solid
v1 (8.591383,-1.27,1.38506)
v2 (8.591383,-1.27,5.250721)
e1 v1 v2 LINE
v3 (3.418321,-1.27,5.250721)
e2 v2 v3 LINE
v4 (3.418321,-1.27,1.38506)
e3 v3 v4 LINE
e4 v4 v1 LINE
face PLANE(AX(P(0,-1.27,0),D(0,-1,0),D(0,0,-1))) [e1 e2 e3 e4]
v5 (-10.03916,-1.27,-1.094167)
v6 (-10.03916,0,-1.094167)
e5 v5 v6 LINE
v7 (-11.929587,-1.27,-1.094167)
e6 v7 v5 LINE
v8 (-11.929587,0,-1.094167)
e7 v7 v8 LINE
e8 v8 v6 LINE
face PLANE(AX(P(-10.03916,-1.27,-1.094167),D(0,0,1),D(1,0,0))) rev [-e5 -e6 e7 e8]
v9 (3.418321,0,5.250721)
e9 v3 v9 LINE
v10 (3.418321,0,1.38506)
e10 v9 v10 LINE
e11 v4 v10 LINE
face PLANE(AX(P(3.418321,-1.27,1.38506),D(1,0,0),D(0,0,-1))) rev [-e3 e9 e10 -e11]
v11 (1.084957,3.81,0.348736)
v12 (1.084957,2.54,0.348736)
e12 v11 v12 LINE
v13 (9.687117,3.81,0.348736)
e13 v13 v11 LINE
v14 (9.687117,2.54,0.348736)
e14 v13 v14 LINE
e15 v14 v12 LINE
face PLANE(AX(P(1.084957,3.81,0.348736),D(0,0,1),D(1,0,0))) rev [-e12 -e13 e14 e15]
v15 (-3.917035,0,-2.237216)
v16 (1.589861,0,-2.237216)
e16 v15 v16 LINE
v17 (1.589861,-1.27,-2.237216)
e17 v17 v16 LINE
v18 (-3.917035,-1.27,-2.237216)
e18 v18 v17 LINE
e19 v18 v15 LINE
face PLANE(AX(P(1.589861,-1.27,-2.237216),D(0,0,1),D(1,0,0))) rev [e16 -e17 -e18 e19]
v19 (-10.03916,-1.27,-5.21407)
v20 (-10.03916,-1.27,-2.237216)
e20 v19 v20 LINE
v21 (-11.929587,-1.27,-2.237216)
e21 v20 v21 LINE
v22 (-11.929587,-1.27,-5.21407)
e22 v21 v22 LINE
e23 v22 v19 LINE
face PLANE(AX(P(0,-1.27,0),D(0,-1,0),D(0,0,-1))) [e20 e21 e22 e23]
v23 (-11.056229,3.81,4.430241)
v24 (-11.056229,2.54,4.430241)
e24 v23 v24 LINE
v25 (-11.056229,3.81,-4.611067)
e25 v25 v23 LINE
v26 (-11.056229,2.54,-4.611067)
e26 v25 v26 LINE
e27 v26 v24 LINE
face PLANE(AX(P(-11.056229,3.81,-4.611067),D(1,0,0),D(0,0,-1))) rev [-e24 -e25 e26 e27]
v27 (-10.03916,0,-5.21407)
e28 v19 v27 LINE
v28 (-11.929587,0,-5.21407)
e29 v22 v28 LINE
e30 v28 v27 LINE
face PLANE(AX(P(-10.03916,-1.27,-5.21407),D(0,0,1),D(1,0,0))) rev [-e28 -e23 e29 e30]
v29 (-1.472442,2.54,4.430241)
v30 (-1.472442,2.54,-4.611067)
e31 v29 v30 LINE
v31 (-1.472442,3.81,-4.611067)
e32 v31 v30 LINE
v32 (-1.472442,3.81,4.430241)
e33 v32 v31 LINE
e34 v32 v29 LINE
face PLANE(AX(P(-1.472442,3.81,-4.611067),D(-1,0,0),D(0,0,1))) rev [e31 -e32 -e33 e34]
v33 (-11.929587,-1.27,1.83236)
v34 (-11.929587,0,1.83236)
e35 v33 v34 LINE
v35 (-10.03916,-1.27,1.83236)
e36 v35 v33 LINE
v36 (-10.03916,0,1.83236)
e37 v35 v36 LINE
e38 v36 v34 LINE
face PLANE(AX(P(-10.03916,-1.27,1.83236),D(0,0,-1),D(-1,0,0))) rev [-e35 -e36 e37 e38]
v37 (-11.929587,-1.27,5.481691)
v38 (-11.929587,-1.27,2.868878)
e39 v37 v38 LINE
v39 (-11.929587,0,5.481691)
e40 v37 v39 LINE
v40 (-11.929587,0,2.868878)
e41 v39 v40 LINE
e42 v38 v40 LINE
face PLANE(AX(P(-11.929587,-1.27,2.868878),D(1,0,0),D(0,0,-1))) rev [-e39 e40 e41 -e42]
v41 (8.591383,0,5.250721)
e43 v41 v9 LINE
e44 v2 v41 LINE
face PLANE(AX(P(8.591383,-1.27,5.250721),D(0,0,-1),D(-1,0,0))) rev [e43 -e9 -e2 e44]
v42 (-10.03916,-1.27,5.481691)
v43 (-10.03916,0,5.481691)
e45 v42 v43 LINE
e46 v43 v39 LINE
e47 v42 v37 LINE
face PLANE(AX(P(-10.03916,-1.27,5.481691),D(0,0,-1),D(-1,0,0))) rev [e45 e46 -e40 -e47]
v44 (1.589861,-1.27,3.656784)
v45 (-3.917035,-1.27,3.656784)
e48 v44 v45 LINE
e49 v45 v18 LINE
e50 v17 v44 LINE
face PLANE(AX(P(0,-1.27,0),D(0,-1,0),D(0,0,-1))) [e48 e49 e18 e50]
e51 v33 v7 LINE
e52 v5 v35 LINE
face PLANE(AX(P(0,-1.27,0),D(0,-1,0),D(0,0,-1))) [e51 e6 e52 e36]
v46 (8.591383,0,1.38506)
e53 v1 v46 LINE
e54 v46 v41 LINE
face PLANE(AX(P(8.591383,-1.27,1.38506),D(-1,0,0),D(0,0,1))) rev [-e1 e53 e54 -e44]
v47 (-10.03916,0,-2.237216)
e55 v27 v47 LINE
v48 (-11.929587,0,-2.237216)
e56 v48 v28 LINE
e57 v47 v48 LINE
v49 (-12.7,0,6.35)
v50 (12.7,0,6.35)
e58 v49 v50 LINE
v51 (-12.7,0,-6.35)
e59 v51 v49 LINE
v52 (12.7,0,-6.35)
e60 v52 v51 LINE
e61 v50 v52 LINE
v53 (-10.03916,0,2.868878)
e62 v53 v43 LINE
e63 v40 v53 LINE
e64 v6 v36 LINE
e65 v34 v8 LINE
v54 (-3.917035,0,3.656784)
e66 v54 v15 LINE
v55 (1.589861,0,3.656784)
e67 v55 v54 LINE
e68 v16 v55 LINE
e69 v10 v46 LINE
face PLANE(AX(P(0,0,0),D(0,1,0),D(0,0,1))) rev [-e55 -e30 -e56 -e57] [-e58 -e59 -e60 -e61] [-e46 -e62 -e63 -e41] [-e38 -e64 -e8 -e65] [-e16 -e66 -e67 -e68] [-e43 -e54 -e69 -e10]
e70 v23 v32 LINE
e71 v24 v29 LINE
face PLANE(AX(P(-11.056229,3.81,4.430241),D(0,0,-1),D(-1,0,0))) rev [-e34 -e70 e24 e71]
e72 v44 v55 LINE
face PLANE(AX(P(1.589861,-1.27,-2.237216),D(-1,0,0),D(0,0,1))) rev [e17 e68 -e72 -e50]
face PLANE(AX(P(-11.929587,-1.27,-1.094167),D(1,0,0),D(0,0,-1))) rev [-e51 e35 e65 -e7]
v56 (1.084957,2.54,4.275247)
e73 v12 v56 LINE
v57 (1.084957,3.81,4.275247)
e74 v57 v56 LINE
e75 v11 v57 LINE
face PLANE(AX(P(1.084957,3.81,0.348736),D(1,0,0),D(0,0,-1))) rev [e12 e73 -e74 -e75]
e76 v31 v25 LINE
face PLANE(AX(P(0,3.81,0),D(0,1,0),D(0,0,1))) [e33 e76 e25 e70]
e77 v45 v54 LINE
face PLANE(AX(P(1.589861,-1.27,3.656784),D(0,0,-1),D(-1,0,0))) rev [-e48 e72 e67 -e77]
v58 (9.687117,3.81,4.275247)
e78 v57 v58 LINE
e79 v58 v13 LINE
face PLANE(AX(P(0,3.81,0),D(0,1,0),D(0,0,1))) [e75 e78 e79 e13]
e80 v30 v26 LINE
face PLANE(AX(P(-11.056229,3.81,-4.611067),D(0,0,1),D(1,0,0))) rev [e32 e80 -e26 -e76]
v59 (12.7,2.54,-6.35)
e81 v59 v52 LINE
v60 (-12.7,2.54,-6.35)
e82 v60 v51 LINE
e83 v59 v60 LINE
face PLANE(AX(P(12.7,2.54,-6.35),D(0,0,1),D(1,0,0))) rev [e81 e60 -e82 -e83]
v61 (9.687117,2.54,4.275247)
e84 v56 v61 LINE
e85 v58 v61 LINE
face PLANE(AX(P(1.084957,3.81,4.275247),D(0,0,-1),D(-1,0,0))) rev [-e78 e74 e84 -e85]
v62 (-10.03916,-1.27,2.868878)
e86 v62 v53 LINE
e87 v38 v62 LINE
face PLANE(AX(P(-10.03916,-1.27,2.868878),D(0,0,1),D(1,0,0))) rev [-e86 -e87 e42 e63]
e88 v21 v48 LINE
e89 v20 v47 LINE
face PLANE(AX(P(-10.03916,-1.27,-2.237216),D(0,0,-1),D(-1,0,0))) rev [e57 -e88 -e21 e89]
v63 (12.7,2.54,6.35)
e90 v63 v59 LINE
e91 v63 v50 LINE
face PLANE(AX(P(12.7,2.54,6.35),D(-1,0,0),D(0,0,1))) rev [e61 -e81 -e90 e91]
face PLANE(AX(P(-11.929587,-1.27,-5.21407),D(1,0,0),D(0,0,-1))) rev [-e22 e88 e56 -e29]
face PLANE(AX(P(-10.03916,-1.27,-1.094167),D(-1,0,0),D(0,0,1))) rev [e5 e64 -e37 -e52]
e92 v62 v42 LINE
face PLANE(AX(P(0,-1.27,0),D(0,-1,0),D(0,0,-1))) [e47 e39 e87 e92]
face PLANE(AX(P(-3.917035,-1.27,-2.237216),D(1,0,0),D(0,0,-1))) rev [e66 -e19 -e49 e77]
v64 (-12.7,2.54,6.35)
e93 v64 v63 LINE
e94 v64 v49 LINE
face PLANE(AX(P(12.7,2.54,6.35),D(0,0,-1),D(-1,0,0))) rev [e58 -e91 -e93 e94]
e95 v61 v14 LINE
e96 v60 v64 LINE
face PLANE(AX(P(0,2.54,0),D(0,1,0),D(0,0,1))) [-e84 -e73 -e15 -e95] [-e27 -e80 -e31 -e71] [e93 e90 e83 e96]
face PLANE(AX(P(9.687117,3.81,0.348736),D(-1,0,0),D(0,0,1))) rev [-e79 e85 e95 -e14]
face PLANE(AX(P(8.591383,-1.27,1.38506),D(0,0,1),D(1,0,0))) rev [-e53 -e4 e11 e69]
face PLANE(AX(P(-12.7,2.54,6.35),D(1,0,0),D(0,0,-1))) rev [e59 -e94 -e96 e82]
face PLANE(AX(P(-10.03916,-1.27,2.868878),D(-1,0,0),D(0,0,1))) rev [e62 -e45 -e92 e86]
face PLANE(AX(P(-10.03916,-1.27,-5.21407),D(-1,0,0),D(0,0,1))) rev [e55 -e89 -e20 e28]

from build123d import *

# Parameters (mm, degrees)
SKETCH1_W           = 25.4
SKETCH1_H           = 12.7
BOSS_EXTRUDE1_DEPTH = 2.54
SKETCH2_W           = 9.583787324
SKETCH2_H           = 9.041308796
SKETCH2_W_2         = 8.602159512
SKETCH2_H_2         = 3.926511249
BOSS_EXTRUDE2_DEPTH = 1.27
SKETCH3_W           = 5.506895622
SKETCH3_H           = 5.893999151
SKETCH3_W_2         = 1.890426858
SKETCH3_H_2         = 2.97685463
SKETCH3_H_3         = 2.926527621
SKETCH3_H_4         = 2.612813109
SKETCH3_W_3         = 5.17306174
SKETCH3_H_5         = 3.865660491
BOSS_EXTRUDE3_DEPTH = 1.27


with BuildPart() as part:
    # Sketch1 → Boss-Extrude1 (new body)
    with BuildSketch(Plane(origin=(0, 0, 0), x_dir=(1, 0, 0), z_dir=(0, 1, 0))):
        Rectangle(SKETCH1_W, SKETCH1_H)
    extrude(amount=BOSS_EXTRUDE1_DEPTH)

    # Sketch2 → Boss-Extrude2 (add)
    with BuildSketch(Plane(origin=(0, 2.54, 0), x_dir=(1, 0, 0), z_dir=(0, 1, 0))):
        with Locations((-6.26433538, 0.090413088)):
            Rectangle(SKETCH2_W, SKETCH2_H)
        with Locations((5.386036811, -2.311991821)):
            Rectangle(SKETCH2_W_2, SKETCH2_H_2)
    extrude(amount=BOSS_EXTRUDE2_DEPTH)

    # Sketch3 → Boss-Extrude3 (add)
    with BuildSketch(Plane.XZ):
        with Locations((-1.163587027, 0.709784011)):
            Rectangle(SKETCH3_W, SKETCH3_H)
        with Locations((-10.984373833, -3.72564288)):
            Rectangle(SKETCH3_W_2, SKETCH3_H_2)
        with Locations((-10.984373833, 0.369096396)):
            Rectangle(SKETCH3_W_2, SKETCH3_H_3)
        with Locations((-10.984373833, 4.175284666)):
            Rectangle(SKETCH3_W_2, SKETCH3_H_4)
        with Locations((6.004852016, 3.317890469)):
            Rectangle(SKETCH3_W_3, SKETCH3_H_5)
    extrude(amount=BOSS_EXTRUDE3_DEPTH)


solid = part.part
